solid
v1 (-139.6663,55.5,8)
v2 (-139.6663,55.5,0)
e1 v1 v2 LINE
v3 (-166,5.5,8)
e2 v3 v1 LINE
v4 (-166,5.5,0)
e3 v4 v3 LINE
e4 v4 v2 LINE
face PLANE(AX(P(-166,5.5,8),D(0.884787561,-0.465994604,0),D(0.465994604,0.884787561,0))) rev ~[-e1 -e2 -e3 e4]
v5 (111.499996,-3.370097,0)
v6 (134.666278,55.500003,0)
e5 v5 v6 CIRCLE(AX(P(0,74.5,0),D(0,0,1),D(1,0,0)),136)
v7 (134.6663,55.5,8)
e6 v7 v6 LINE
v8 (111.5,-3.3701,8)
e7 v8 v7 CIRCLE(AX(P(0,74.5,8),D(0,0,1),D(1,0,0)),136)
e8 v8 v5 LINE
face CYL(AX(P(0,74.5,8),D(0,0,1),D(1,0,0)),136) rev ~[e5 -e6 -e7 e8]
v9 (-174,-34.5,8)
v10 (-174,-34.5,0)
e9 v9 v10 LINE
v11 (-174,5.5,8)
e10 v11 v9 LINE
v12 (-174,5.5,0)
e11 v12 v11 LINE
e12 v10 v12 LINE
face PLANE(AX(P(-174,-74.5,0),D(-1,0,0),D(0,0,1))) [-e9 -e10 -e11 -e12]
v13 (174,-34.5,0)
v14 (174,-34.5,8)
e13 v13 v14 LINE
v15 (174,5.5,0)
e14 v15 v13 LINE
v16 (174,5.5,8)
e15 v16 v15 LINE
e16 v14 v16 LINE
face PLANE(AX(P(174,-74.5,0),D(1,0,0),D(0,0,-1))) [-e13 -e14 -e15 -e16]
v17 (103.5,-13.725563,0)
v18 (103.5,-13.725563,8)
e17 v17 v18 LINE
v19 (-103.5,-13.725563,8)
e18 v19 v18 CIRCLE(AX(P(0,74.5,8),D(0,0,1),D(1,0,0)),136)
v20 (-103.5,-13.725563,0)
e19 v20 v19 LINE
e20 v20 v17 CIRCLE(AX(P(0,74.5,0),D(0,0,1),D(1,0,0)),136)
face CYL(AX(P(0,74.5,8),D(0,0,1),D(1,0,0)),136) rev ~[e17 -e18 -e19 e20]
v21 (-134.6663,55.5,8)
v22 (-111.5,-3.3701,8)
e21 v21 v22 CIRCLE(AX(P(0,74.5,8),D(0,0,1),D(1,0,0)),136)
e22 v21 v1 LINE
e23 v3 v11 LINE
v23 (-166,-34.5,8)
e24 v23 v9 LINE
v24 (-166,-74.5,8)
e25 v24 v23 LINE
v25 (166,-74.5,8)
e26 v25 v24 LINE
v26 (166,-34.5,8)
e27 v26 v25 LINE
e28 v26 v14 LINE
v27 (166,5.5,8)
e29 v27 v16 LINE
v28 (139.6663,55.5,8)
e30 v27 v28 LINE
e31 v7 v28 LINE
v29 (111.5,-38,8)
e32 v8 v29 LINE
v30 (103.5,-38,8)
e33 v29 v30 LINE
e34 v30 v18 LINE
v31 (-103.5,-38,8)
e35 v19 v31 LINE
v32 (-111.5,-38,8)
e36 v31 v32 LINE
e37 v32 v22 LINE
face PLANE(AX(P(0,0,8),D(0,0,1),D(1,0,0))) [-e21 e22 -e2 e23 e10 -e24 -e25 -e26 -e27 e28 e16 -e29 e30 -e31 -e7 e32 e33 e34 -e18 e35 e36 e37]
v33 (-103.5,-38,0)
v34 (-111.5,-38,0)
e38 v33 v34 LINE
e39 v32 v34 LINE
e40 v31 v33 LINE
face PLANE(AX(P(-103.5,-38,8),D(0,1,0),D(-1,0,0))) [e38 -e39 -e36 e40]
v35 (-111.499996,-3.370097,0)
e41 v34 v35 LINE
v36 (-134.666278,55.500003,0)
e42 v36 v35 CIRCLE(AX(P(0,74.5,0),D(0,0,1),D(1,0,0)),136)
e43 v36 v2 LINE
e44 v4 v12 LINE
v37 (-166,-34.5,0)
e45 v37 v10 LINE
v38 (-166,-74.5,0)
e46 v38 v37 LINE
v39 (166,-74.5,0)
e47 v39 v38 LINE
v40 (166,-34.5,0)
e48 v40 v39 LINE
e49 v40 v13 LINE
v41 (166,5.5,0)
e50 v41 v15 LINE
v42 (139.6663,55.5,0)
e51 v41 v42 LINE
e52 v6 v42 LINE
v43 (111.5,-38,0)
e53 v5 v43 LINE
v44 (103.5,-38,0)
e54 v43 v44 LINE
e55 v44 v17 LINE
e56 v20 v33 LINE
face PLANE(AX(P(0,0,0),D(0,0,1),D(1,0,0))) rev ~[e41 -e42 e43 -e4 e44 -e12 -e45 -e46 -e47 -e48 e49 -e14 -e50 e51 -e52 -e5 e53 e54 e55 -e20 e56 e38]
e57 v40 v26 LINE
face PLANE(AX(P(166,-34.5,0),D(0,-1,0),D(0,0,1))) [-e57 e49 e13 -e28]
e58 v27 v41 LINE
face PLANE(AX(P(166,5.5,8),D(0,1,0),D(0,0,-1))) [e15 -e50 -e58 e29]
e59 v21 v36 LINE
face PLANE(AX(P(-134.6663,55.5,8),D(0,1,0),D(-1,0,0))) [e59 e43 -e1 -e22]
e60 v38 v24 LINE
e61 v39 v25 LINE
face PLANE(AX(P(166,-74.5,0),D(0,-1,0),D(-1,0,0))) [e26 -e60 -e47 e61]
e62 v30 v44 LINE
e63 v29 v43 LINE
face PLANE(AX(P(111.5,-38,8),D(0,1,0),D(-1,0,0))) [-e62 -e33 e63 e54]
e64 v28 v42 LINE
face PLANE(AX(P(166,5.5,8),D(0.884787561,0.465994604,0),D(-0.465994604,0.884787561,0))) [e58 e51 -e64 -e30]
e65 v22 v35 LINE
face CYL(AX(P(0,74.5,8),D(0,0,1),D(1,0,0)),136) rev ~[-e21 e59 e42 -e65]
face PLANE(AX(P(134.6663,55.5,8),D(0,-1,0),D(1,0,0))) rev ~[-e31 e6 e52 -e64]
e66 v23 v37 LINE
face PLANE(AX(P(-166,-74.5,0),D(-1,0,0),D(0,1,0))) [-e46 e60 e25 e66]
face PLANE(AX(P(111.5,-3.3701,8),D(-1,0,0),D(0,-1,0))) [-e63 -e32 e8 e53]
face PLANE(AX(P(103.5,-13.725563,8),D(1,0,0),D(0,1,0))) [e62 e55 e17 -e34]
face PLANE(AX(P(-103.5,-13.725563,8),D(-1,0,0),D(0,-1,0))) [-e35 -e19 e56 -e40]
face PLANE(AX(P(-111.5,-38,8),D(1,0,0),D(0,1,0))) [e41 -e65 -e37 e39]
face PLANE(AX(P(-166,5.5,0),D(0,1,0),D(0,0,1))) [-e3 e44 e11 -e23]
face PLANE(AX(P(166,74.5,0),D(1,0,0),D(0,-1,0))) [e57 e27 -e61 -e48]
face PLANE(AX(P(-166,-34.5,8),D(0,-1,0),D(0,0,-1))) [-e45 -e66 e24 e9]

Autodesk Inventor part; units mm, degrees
ref_plane "YZ Plane" through (0, 0, 0) normal (1, 0, 0) x (0, 1, 0)
ref_plane "XZ Plane" through (0, 0, 0) normal (0, 1, 0) x (-1, 0, 0)
ref_plane "XY Plane" through (0, 0, 0) normal (0, 0, 1) x (1, 0, 0)
sketch "Эскиз1" plane through (0, 0, 0) normal (0, 0, 1) x (1, 0, 0)
  line L0 (-166, 74.5) -> (166, 74.5)
  line L1 (166, 74.5) -> (166, -74.5)
  line L2 (166, -74.5) -> (-166, -74.5)
  line L3 (-166, -74.5) -> (-166, 74.5)
  point P0 (0, 0)
  dimension "d0" = 332
  dimension "d1" = 149
  dimension "d3" = 166
  dimension "d4" = 74.5
extrude "Выдавливание1" add sketch "Эскиз1" along normal blind 8
sketch "Эскиз2" plane through (0, 0, 8) normal (0, 0, 1) x (1, 0, 0)
  line L0 (166, 74.5) -> (-166, 74.5) projected
  line L1 (-166, -74.5) -> (166, -74.5) projected
  circle A0 centre (0, 74.5) radius 136
  point P0 (0, 0)
  point P1 (-136, 74.5)
  point P2 (136, 74.5)
  dimension "d8" = 272
extrude "Выдавливание2" cut sketch "Эскиз2" against normal through all contours A0 L0 picked at (19.0214, 16.0372)
sketch "Эскиз3" plane through (0, 0, 8) normal (0, 0, 1) x (1, 0, 0)
  line L0 (103.5, -3.3701) -> (111.5, -3.3701)
  line L1 (111.5, -3.3701) -> (111.5, -38)
  line L2 (111.5, -38) -> (103.5, -38)
  line L3 (103.5, -38) -> (103.5, -3.3701)
  line L4 (-111.5, -3.3701) -> (-103.5, -3.3701)
  line L5 (-103.5, -3.3701) -> (-103.5, -38)
  line L6 (-103.5, -38) -> (-111.5, -38)
  line L7 (-111.5, -38) -> (-111.5, -3.3701)
  line L8 (166, -74.5) -> (166, 74.5) projected
  line L9 (-166, -74.5) -> (166, -74.5) projected
  line L10 (-166, 74.5) -> (-166, -74.5) projected
  arc A0 (-136, 74.5) -> (136, 74.5) centre (0, 74.5) ccw projected
  point P0 (0, 0)
  dimension "d11" = 54.5
  dimension "d12" = 36.5
  dimension "d13" = 54.5
  dimension "d14" = 36.5
  dimension "d15" = 8
  dimension "d16" = 8
extrude "Выдавливание3" cut sketch "Эскиз3" against normal through all
sketch "Эскиз4" plane through (-166, -74.5, 0) normal (-1, 0, 0) x (0, 0, 1)
  line L0 (0, 80) -> (8, 80)
  line L1 (8, 80) -> (8, 40)
  line L2 (8, 40) -> (0, 40)
  line L3 (0, 40) -> (0, 80)
  line L4 (0, 0) -> (8, 0) projected
  line L5 (0, 149) -> (0, 0) projected
  point P0 (0, 74.5)
  dimension "d19" = 40
  dimension "d20" = 40
  dimension "d21" = 8
  dimension "d22" = 0
extrude "Выдавливание4" add sketch "Эскиз4" along normal blind 8
sketch "Эскиз5" plane through (166, -74.5, 0) normal (1, 0, 0) x (0, 0, -1)
  line L0 (-8, 80) -> (0, 80)
  line L1 (0, 80) -> (0, 40)
  line L2 (0, 40) -> (-8, 40)
  line L3 (-8, 40) -> (-8, 80)
  line L4 (0, 0) -> (-8, 0) projected
  line L5 (-8, 0) -> (-8, 149) projected
  point P0 (0, 74.5)
  dimension "d25" = 40
  dimension "d26" = 40
  dimension "d27" = 0
  dimension "d28" = 8
extrude "Выдавливание5" add sketch "Эскиз5" along normal blind 8
sketch "Эскиз6" plane through (0, 0, 8) normal (0, 0, 1) x (1, 0, 0)
  line L0 (-136, 74.5) -> (-166, 74.5) projected
  line L1 (-166, 74.5) -> (-134.6663, 74.5)
  line L2 (-134.6663, 74.5) -> (-134.6663, 55.5)
  line L3 (-134.6663, 55.5) -> (-166, 55.5)
  line L4 (-166, 55.5) -> (-166, 74.5)
  line L5 (-166, 5.5) -> (-174, 5.5) projected
  arc A0 (-136, 74.5) -> (-111.5, -3.3701) centre (0, 74.5) ccw projected
  line L6 (166, 74.5) -> (136, 74.5) projected
  arc A1 (111.5, -3.3701) -> (136, 74.5) centre (0, 74.5) ccw projected
  line L7 (166, 74.5) -> (134.6663, 74.5)
  line L8 (134.6663, 74.5) -> (134.6663, 55.5)
  line L9 (134.6663, 55.5) -> (166, 55.5)
  line L10 (166, 55.5) -> (166, 74.5)
  line L11 (166, 5.5) -> (174, 5.5) projected
  point P0 (0, 0)
  dimension "d31" = 50
  dimension "d34" = 50
extrude "Выдавливание6" cut sketch "Эскиз6" against normal through all contours A0 L3 L4 L0 | L10 L9 A1 L6
sketch "Эскиз7" plane through (0, 0, 8) normal (0, 0, 1) x (1, 0, 0)
  line L0 (-166, 55.5) -> (-166, 5.5) projected
  line L1 (-166, 55.5) -> (-134.6663, 55.5) projected
  line L2 (-166, 5.5) -> (-139.6663, 55.5)
  line L3 (-139.6663, 55.5) -> (-160.2816, 66.3576)
  line L4 (-160.2816, 66.3576) -> (-186.6153, 16.3576)
  line L5 (-186.6153, 16.3576) -> (-166, 5.5)
  line L6 (166, 5.5) -> (166, 55.5) projected
  line L7 (166, 5.5) -> (139.6663, 55.5)
  line L8 (139.6663, 55.5) -> (160.2816, 66.3576)
  line L9 (160.2816, 66.3576) -> (186.6153, 16.3576)
  line L10 (186.6153, 16.3576) -> (166, 5.5)
  line L11 (166, 55.5) -> (134.6663, 55.5) projected
  line L12 (139.6663, 55.5) -> (134.6663, 55.5)
  arc A0 (-134.6663, 55.5) -> (-111.5, -3.3701) centre (0, 74.5) ccw projected
  line L13 (-139.6663, 55.5) -> (-134.6663, 55.5)
  point P0 (0, 0)
  dimension "d35" = 5
  dimension "d36" = 5
extrude "Выдавливание7" cut sketch "Эскиз7" against normal through all contours L1 L2 L0 | L7 L11 L6
properties part number "myDno"
